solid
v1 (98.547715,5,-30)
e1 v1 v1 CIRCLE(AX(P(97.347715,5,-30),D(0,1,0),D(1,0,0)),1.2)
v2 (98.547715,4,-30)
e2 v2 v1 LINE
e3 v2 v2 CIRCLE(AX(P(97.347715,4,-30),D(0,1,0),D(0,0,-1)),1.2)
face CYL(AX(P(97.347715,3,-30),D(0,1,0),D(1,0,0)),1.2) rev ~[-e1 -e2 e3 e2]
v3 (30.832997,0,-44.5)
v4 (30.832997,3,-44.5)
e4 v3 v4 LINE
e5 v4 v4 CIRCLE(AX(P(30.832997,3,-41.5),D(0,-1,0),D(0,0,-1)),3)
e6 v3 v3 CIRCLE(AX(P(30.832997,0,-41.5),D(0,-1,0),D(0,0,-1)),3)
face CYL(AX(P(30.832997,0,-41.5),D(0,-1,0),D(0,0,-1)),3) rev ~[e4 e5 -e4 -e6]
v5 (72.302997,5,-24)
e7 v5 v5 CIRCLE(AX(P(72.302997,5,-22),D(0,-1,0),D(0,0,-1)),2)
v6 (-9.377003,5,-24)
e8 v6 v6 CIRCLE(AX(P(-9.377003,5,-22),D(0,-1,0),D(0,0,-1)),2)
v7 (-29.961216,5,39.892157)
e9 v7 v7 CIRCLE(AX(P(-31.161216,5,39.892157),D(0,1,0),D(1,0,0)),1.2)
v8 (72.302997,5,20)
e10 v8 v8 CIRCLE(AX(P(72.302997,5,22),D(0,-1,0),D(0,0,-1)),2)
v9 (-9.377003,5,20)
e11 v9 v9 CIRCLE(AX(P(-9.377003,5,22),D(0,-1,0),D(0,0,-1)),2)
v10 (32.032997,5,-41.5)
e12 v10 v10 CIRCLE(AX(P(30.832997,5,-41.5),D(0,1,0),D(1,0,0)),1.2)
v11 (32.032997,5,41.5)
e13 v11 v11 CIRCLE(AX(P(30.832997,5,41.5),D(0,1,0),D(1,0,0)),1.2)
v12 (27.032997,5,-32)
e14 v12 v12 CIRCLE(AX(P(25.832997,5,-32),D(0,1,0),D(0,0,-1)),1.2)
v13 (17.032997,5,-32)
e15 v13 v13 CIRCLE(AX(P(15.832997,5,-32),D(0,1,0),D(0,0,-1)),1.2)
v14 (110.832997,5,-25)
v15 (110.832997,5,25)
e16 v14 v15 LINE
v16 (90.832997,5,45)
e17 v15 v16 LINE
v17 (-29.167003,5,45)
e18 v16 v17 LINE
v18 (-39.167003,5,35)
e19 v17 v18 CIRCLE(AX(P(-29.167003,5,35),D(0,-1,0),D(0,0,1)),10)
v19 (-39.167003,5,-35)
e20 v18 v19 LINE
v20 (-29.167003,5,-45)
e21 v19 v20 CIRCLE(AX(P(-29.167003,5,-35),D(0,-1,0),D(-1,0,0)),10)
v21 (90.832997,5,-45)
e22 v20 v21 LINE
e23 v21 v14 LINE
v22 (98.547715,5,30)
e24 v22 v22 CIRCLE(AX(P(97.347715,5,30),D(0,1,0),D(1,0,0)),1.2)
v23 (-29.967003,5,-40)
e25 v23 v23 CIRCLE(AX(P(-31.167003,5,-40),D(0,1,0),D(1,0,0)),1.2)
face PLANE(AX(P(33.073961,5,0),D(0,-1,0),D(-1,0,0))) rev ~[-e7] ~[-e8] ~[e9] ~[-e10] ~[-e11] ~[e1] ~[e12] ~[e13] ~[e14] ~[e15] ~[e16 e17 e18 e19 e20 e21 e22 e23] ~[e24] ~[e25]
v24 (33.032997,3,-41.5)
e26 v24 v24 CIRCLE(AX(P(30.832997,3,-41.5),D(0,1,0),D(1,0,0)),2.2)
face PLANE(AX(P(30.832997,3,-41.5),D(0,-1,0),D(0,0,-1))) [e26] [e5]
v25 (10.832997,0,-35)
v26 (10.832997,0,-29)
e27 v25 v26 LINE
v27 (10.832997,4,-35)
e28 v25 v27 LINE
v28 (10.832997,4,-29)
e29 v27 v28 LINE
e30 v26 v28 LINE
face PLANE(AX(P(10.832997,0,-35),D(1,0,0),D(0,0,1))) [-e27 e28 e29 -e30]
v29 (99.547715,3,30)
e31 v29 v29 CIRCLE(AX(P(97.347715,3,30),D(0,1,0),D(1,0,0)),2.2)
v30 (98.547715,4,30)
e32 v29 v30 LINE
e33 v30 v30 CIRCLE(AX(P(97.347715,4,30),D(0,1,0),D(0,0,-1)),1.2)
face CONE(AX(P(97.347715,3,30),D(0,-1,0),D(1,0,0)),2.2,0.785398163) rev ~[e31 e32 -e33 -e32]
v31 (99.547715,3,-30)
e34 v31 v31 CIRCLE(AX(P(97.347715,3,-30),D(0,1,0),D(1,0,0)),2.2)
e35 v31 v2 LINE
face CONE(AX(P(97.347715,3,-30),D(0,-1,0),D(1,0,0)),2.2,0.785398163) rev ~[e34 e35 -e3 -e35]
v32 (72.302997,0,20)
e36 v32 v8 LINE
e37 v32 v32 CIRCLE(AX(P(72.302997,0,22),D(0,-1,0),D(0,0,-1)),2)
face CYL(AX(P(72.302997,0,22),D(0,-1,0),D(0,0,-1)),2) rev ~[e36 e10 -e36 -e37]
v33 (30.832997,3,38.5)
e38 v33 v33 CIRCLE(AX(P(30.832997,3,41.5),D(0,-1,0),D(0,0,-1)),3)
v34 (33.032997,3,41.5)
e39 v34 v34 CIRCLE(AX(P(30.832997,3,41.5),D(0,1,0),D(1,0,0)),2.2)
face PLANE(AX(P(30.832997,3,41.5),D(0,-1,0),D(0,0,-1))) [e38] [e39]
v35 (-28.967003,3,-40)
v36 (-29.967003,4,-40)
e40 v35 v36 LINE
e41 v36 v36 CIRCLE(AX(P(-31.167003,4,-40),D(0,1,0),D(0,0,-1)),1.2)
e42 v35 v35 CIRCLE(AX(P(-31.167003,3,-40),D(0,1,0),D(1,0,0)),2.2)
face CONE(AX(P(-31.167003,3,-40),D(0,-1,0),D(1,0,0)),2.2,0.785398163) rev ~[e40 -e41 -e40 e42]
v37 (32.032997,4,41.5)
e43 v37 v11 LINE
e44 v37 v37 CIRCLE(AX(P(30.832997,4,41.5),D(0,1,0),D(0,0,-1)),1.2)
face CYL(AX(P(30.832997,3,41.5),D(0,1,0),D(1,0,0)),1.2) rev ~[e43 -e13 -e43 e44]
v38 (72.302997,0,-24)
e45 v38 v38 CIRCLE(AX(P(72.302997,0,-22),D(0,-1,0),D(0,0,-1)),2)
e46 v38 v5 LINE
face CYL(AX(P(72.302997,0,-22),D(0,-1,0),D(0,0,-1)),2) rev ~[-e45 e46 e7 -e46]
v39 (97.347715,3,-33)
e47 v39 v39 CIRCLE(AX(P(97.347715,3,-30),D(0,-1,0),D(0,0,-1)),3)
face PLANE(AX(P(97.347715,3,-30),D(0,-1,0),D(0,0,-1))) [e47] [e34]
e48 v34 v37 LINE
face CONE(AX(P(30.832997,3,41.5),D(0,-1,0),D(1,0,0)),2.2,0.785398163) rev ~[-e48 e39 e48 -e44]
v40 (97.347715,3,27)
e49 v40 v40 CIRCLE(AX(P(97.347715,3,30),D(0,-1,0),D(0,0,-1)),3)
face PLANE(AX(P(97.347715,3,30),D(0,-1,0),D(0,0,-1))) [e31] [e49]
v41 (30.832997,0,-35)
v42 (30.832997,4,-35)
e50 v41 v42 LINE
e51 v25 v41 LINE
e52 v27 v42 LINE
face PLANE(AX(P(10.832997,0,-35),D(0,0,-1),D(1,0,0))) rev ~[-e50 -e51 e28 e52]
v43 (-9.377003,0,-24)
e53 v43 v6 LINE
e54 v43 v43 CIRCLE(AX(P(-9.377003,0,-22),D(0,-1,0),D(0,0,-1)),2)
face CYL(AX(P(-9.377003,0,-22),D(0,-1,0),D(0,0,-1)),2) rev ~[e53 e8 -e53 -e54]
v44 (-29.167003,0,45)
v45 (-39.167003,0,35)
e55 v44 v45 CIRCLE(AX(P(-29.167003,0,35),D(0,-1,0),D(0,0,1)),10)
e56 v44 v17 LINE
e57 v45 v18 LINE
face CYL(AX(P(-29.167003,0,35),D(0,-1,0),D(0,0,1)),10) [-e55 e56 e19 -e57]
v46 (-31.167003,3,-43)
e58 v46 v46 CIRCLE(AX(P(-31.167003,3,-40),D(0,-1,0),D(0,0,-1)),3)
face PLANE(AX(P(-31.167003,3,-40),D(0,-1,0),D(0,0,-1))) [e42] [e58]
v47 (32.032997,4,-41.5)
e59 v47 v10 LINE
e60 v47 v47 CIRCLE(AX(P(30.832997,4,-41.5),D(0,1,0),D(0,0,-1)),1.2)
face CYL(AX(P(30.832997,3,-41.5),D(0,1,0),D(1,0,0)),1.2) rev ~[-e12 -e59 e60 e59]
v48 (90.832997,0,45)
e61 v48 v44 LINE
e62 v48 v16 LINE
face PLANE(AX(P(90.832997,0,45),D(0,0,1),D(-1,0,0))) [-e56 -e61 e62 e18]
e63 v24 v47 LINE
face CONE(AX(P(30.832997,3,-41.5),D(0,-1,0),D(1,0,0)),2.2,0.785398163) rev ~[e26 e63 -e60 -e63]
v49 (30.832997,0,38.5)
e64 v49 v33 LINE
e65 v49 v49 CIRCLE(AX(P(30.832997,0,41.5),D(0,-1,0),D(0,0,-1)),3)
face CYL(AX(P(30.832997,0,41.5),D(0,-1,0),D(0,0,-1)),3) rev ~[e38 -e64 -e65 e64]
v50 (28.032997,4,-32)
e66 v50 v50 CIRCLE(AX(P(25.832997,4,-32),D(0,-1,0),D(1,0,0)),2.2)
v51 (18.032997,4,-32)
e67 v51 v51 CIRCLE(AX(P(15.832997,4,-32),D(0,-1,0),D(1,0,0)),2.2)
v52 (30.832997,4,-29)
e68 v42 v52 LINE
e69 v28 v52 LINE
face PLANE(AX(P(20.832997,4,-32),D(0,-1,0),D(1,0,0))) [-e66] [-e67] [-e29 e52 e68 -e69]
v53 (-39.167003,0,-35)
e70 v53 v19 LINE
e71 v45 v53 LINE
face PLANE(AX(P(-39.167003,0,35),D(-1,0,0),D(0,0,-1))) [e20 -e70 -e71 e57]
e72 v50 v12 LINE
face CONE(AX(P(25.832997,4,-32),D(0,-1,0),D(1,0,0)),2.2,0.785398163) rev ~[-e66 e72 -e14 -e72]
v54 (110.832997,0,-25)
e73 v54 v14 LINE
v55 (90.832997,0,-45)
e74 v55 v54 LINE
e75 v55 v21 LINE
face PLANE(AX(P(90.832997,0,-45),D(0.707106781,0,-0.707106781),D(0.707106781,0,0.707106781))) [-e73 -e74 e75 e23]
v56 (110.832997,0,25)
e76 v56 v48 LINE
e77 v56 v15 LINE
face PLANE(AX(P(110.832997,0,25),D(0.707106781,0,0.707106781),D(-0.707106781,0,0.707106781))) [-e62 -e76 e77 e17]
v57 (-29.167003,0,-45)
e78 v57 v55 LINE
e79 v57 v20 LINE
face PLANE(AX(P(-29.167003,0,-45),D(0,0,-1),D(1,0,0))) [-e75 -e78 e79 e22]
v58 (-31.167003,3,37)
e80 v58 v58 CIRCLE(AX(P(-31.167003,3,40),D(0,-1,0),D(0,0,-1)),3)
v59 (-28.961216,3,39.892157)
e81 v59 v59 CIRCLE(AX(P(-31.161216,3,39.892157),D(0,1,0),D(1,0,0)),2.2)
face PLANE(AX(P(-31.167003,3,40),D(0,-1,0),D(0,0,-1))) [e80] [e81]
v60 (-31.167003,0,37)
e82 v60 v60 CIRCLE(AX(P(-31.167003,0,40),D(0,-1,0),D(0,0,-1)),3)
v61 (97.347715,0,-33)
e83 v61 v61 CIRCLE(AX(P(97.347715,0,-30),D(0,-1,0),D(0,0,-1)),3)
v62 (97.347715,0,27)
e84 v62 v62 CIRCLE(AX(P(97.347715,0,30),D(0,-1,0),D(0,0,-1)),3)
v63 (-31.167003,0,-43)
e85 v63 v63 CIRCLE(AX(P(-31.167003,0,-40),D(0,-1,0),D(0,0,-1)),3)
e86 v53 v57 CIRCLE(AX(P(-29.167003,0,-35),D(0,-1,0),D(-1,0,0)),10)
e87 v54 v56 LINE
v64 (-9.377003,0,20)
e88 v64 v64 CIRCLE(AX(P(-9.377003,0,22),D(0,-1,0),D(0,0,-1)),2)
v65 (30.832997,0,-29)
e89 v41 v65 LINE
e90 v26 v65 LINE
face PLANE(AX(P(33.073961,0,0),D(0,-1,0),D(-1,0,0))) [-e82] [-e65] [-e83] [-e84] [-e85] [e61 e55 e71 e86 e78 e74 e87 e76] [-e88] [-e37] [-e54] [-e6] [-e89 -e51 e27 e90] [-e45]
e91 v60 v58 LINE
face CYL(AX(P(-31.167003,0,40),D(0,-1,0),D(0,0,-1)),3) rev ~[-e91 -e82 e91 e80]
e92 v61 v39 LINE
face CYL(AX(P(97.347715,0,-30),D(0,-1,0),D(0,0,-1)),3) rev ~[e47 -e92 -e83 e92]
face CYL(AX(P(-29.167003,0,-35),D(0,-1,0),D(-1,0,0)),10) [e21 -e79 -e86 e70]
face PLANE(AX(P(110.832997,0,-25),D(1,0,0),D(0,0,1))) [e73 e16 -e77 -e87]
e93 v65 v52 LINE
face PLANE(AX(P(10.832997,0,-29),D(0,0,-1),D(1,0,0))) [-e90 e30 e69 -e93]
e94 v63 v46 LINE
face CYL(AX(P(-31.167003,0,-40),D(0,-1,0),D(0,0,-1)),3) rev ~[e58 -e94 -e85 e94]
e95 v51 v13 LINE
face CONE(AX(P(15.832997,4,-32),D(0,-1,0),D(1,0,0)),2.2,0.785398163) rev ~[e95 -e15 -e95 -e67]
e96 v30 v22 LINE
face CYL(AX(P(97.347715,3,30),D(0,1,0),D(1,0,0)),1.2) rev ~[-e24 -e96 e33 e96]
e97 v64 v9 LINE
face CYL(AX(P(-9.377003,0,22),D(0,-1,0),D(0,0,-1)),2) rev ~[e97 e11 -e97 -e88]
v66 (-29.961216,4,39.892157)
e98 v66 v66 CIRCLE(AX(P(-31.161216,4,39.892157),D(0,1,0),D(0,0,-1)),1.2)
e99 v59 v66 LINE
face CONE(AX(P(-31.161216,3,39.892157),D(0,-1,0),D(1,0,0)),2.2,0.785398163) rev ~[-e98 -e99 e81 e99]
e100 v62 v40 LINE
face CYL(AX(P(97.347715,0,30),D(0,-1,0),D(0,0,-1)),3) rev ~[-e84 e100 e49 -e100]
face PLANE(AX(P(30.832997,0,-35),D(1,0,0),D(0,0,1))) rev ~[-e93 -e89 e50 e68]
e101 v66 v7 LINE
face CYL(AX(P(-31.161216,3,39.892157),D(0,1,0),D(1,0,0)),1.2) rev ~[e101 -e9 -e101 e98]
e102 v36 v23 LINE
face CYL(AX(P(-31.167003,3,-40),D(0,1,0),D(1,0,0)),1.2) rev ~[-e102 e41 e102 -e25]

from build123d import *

# Parameters (mm, degrees)
ESTRUSIONE_ESTRUSIONE1_DEPTH           = 5
SCHIZZO2_W                             = 20
SCHIZZO2_H                             = 6
TAGLIO_ESTRUSIONE1_DEPTH               = 4
FORO_SVASATO_PER_VITE_M2_1_D           = 2.4
FORO_SVASATO_PER_VITE_M2_1_DEPTH       = 4
FORO_SVASATO_PER_VITE_M2_1_CSINK_D     = 4.4
FORO_SVASATO_PER_VITE_M2_1_CSINK_ANGLE = 90
SCHIZZO6_R                             = 2
TAGLIO_ESTRUSIONE3_DEPTH               = 38
SCHIZZO8_R                             = 3
TAGLIO_ESTRUSIONE4_DEPTH               = 3
FORO_SVASATO_PER_VITE_M2_2_D           = 2.4
FORO_SVASATO_PER_VITE_M2_2_DEPTH       = 4
FORO_SVASATO_PER_VITE_M2_2_CSINK_D     = 4.4
FORO_SVASATO_PER_VITE_M2_2_CSINK_ANGLE = 90


with BuildPart() as part:
    # Schizzo1 → Estrusione-Estrusione1 (new body)
    with BuildSketch(Plane(origin=(0, 0, 0), x_dir=(1, 0, 0), z_dir=(0, 1, 0))):
        with BuildLine():
            Line((-29.167003354, 45), (90.832996646, 45))
            Line((90.832996646, 45), (110.832996646, 25))
            Line((110.832996646, 25), (110.832996646, -25))
            Line((110.832996646, -25), (90.832996646, -45))
            Line((90.832996646, -45), (-29.167003354, -45))
            ThreePointArc((-29.167003354, -45), (-36.238071166, -42.071067812), (-39.167003354, -35))
            Line((-39.167003354, -35), (-39.167003354, 35))
            ThreePointArc((-39.167003354, 35), (-36.238071166, 42.071067812), (-29.167003354, 45))
        make_face()
    extrude(amount=ESTRUSIONE_ESTRUSIONE1_DEPTH)

    # Schizzo2 → Taglio-Estrusione1 (cut)
    with BuildSketch(Plane.XZ):
        with Locations((20.832996646, -32)):
            Rectangle(SCHIZZO2_W, SCHIZZO2_H)
    extrude(amount=-TAGLIO_ESTRUSIONE1_DEPTH, mode=Mode.SUBTRACT)

    # Foro svasato per Vite M2-1
    with Locations(Plane(origin=(0, 4, 0), x_dir=(-1, 0, 0), z_dir=(0, -1, 0))):
        with Locations((-15.832996646, 32), (-25.832996646, 32)):
            CounterSinkHole(FORO_SVASATO_PER_VITE_M2_1_D / 2, FORO_SVASATO_PER_VITE_M2_1_CSINK_D / 2, depth=FORO_SVASATO_PER_VITE_M2_1_DEPTH, counter_sink_angle=FORO_SVASATO_PER_VITE_M2_1_CSINK_ANGLE)

    # Schizzo6 → Taglio-Estrusione3 (cut)
    with BuildSketch(Plane.XZ):
        with Locations(Location((-9.377003354, 22, 0), (0, 0, 270))):
            Circle(SCHIZZO6_R)
        with Locations(Location((72.302996646, 22, 0), (0, 0, 270))):
            Circle(SCHIZZO6_R)
        with Locations(Location((72.302996646, -22, 0), (0, 0, 270))):
            Circle(SCHIZZO6_R)
        with Locations(Location((-9.377003354, -22, 0), (0, 0, 270))):
            Circle(SCHIZZO6_R)
    extrude(amount=-TAGLIO_ESTRUSIONE3_DEPTH, mode=Mode.SUBTRACT)

    # Schizzo8 → Taglio-Estrusione4 (cut)
    with BuildSketch(Plane.XZ):
        with Locations(Location((-31.167003354, 40, 0), (0, 0, 270))):
            Circle(SCHIZZO8_R)
        with Locations(Location((30.832996646, 41.5, 0), (0, 0, 270))):
            Circle(SCHIZZO8_R)
        with Locations(Location((97.347715272, 30, 0), (0, 0, 270))):
            Circle(SCHIZZO8_R)
        with Locations(Location((97.347715272, -30, 0), (0, 0, 270))):
            Circle(SCHIZZO8_R)
        with Locations(Location((30.832996646, -41.5, 0), (0, 0, 270))):
            Circle(SCHIZZO8_R)
        with Locations(Location((-31.167003354, -40, 0), (0, 0, 270))):
            Circle(SCHIZZO8_R)
    extrude(amount=-TAGLIO_ESTRUSIONE4_DEPTH, mode=Mode.SUBTRACT)

    # Foro svasato per Vite M2-2
    with Locations(Plane(origin=(0, 3, 0), x_dir=(-1, 0, 0), z_dir=(0, -1, 0))):
        with Locations((31.161216293, -39.892156873), (-30.832996646, -41.5), (-97.347715272, -30), (-97.347715272, 30), (-30.832996646, 41.5), (31.167003354, 40)):
            CounterSinkHole(FORO_SVASATO_PER_VITE_M2_2_D / 2, FORO_SVASATO_PER_VITE_M2_2_CSINK_D / 2, depth=FORO_SVASATO_PER_VITE_M2_2_DEPTH, counter_sink_angle=FORO_SVASATO_PER_VITE_M2_2_CSINK_ANGLE)


solid = part.part
